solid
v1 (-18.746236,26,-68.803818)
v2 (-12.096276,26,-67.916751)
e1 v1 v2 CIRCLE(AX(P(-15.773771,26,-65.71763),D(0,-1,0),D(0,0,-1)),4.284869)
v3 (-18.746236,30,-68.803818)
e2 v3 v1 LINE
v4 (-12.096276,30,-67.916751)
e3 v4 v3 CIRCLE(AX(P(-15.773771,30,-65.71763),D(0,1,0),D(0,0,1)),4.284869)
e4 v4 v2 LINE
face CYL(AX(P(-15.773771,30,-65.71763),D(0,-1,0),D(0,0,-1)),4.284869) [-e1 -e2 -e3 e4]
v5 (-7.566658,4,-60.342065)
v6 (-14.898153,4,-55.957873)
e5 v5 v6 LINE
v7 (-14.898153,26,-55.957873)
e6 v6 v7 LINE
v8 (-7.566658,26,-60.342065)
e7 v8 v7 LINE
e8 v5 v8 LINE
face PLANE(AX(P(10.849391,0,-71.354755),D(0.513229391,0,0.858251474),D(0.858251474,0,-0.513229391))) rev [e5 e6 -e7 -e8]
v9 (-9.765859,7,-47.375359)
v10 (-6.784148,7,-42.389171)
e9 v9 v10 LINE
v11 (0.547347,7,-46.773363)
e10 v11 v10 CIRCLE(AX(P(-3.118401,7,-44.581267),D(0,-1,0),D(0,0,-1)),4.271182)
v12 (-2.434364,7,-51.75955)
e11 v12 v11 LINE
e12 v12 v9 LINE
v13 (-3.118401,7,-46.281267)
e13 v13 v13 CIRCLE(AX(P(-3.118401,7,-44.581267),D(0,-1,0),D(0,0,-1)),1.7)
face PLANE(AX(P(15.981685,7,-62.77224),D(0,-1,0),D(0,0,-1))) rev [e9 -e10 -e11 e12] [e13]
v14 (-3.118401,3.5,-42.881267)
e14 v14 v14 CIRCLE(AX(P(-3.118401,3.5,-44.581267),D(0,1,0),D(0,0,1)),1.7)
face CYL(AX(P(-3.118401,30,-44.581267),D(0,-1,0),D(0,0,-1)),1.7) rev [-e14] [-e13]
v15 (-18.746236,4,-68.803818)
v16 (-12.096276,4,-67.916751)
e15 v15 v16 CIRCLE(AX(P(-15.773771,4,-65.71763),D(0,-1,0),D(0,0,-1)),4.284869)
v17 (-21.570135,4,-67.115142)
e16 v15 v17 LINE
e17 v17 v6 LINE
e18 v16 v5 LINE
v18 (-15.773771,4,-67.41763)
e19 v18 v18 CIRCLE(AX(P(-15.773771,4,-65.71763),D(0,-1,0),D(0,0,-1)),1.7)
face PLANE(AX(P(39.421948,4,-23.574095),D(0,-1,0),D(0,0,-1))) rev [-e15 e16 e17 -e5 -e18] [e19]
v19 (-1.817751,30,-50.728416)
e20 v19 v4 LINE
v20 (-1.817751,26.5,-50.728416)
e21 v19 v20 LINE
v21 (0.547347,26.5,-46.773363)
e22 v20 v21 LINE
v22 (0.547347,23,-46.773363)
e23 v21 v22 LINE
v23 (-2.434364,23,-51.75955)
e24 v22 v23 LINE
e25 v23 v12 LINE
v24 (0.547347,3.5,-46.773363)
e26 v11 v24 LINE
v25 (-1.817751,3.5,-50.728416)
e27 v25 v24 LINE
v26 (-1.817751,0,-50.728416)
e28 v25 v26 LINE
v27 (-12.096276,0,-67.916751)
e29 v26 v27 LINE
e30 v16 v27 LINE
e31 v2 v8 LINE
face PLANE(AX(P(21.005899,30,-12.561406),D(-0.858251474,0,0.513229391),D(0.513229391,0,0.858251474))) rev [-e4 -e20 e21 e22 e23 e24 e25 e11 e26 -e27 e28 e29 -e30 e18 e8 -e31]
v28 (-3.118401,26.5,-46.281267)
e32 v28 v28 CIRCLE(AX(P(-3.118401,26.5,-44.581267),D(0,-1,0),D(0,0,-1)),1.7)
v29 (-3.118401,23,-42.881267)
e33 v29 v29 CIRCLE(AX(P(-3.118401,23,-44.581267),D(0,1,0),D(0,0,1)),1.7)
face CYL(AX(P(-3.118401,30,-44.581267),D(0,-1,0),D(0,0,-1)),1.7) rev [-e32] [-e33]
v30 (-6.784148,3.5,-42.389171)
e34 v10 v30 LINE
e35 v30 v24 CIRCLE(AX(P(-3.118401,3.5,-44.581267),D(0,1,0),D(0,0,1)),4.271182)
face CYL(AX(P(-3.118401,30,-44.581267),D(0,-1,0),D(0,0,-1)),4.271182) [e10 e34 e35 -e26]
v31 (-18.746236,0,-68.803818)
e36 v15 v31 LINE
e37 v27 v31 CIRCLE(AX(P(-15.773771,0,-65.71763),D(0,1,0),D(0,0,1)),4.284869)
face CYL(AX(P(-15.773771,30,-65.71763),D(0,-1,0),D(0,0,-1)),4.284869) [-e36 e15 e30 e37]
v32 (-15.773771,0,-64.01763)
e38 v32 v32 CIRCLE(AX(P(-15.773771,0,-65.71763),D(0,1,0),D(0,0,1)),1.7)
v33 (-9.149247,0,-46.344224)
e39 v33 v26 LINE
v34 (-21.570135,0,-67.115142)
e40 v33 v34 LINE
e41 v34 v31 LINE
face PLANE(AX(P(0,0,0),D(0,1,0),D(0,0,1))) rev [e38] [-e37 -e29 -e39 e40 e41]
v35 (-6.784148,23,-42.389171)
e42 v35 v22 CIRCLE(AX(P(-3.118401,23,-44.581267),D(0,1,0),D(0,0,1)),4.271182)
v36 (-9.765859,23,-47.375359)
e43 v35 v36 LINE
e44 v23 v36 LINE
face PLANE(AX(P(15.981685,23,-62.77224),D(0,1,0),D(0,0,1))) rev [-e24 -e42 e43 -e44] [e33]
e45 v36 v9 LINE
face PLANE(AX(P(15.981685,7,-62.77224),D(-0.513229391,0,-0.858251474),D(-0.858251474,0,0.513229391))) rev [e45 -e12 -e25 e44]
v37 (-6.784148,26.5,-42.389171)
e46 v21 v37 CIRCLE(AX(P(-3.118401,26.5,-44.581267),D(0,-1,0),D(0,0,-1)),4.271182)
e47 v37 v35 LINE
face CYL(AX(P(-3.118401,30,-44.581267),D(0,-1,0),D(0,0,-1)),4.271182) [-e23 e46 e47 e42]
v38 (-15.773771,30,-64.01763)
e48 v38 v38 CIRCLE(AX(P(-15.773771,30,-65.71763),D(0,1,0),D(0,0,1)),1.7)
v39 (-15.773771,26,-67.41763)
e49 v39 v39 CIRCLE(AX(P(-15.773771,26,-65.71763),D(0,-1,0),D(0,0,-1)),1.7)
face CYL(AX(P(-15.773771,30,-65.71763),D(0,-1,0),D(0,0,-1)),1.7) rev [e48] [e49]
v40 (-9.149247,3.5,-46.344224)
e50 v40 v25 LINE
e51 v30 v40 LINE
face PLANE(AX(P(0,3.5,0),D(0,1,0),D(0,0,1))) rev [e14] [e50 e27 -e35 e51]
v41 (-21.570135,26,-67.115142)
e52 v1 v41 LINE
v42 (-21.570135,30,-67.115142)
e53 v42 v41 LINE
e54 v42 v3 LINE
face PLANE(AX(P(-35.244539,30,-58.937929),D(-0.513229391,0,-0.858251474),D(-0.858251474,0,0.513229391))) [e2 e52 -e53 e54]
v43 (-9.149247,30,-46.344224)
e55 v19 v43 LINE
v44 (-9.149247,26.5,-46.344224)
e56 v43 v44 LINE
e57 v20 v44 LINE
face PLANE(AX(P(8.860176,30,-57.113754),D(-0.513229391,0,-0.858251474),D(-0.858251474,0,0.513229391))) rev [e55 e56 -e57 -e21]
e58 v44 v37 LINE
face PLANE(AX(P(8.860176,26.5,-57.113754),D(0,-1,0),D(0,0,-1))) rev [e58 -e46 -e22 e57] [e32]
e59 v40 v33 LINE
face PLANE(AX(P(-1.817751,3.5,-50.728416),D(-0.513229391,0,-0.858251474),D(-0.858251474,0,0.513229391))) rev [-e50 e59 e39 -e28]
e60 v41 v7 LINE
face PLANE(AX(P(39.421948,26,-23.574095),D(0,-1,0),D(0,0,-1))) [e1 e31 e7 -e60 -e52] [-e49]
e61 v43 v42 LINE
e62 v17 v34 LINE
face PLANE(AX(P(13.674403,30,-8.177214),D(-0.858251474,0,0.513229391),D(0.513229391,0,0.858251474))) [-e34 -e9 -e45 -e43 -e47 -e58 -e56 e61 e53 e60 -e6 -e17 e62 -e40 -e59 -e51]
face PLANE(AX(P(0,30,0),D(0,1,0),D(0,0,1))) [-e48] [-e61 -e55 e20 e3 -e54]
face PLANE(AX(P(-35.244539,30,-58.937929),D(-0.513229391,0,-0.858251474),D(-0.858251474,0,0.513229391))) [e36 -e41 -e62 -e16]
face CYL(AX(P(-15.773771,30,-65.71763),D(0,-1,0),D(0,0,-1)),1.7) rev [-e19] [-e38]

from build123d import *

# Parameters (mm, degrees)
SKETCH1_R           = 1.7
BOSS_EXTRUDE1_DEPTH = 30
SKETCH2_W           = 13
SKETCH2_H           = 22
SKETCH2_W_2         = 7.133537961
CUT_EXTRUDE2_DEPTH  = 30
SKETCH3_W           = 16.393620584
SKETCH3_H           = 16
CUT_EXTRUDE3_DEPTH  = 30
CUT_EXTRUDE4_DEPTH  = 3.5
CUT_EXTRUDE5_DEPTH  = 78.230456788


with BuildPart() as part:
    # Sketch1 → Boss-Extrude1 (new body)
    with BuildSketch(Plane(origin=(0, 0, 0), x_dir=(1, 0, 0), z_dir=(0, 1, 0))):
        with BuildLine():
            Line((0.547347337, 46.773363131), (-12.096275709, 67.916751063))
            ThreePointArc((-12.096275709, 67.916751063), (-15.207212104, 69.964878097), (-18.746235825, 68.803817933))
            Line((-18.746235825, 68.803817933), (-21.570135396, 67.115142409))
            Line((-21.570135396, 67.115142409), (-6.784148434, 42.389171288))
            ThreePointArc((-6.784148434, 42.389171288), (-0.926304627, 40.915519323), (0.547347337, 46.773363131))
        make_face()
        with Locations(Location((-3.118400548, 44.581267209, 0), (0, 0, 270))):
            Circle(SKETCH1_R, mode=Mode.SUBTRACT)
        with Locations(Location((-15.773770801, 65.71763038, 0), (0, 0, 270))):
            Circle(SKETCH1_R, mode=Mode.SUBTRACT)
    extrude(amount=BOSS_EXTRUDE1_DEPTH)

    # Sketch2 → Cut-Extrude2 (cut)
    with BuildSketch(Plane(origin=(13.674403301, 0, -8.177213665), x_dir=(0.5132293910361586, 0, 0.8582514737398672), z_dir=(-0.8582514737398672, 0, 0.5132293910361586))):
        with Locations((-62.172097336, 15)):
            Rectangle(SKETCH2_W, SKETCH2_H)
        with Locations((-72.238866317, 15)):
            Rectangle(SKETCH2_W_2, SKETCH2_H)
    extrude(amount=-CUT_EXTRUDE2_DEPTH, mode=Mode.SUBTRACT)

    # Sketch3 → Cut-Extrude3 (cut)
    with BuildSketch(Plane(origin=(13.674403301, 0, -8.177213665), x_dir=(0.5132293910361586, 0, 0.8582514737398672), z_dir=(-0.8582514737398672, 0, 0.5132293910361586))):
        with Locations((-37.475287044, 15)):
            Rectangle(SKETCH3_W, SKETCH3_H)
    extrude(amount=-CUT_EXTRUDE3_DEPTH, mode=Mode.SUBTRACT)

    # Sketch7 → Cut-Extrude4 (cut)
    with BuildSketch(Plane(origin=(0, 0, 0), x_dir=(-1, 0, 0), z_dir=(0, -1, 0))):
        Polygon((1.817751365, 50.728416138), (9.149247136, 46.344224296), (4.210618406, 38.085567524), (-3.391020631, 42.018010382), align=None)
    extrude(amount=-CUT_EXTRUDE4_DEPTH, mode=Mode.SUBTRACT)

    # Sketch9 → Cut-Extrude5 (cut, through all)
    with BuildSketch(Plane(origin=(13.674403301, 0, -8.177213665), x_dir=(0.5132293910361586, 0, 0.8582514737398672), z_dir=(-0.8582514737398672, 0, 0.5132293910361586))):
        Polygon((-44.470661337, 30), (-44.470661337, 26.5), (-33.41668301, 26.5), (-33.41668301, 30.544862053), (-44.470661337, 30.544862053), align=None)
    extrude(amount=-CUT_EXTRUDE5_DEPTH, mode=Mode.SUBTRACT)


solid = part.part
